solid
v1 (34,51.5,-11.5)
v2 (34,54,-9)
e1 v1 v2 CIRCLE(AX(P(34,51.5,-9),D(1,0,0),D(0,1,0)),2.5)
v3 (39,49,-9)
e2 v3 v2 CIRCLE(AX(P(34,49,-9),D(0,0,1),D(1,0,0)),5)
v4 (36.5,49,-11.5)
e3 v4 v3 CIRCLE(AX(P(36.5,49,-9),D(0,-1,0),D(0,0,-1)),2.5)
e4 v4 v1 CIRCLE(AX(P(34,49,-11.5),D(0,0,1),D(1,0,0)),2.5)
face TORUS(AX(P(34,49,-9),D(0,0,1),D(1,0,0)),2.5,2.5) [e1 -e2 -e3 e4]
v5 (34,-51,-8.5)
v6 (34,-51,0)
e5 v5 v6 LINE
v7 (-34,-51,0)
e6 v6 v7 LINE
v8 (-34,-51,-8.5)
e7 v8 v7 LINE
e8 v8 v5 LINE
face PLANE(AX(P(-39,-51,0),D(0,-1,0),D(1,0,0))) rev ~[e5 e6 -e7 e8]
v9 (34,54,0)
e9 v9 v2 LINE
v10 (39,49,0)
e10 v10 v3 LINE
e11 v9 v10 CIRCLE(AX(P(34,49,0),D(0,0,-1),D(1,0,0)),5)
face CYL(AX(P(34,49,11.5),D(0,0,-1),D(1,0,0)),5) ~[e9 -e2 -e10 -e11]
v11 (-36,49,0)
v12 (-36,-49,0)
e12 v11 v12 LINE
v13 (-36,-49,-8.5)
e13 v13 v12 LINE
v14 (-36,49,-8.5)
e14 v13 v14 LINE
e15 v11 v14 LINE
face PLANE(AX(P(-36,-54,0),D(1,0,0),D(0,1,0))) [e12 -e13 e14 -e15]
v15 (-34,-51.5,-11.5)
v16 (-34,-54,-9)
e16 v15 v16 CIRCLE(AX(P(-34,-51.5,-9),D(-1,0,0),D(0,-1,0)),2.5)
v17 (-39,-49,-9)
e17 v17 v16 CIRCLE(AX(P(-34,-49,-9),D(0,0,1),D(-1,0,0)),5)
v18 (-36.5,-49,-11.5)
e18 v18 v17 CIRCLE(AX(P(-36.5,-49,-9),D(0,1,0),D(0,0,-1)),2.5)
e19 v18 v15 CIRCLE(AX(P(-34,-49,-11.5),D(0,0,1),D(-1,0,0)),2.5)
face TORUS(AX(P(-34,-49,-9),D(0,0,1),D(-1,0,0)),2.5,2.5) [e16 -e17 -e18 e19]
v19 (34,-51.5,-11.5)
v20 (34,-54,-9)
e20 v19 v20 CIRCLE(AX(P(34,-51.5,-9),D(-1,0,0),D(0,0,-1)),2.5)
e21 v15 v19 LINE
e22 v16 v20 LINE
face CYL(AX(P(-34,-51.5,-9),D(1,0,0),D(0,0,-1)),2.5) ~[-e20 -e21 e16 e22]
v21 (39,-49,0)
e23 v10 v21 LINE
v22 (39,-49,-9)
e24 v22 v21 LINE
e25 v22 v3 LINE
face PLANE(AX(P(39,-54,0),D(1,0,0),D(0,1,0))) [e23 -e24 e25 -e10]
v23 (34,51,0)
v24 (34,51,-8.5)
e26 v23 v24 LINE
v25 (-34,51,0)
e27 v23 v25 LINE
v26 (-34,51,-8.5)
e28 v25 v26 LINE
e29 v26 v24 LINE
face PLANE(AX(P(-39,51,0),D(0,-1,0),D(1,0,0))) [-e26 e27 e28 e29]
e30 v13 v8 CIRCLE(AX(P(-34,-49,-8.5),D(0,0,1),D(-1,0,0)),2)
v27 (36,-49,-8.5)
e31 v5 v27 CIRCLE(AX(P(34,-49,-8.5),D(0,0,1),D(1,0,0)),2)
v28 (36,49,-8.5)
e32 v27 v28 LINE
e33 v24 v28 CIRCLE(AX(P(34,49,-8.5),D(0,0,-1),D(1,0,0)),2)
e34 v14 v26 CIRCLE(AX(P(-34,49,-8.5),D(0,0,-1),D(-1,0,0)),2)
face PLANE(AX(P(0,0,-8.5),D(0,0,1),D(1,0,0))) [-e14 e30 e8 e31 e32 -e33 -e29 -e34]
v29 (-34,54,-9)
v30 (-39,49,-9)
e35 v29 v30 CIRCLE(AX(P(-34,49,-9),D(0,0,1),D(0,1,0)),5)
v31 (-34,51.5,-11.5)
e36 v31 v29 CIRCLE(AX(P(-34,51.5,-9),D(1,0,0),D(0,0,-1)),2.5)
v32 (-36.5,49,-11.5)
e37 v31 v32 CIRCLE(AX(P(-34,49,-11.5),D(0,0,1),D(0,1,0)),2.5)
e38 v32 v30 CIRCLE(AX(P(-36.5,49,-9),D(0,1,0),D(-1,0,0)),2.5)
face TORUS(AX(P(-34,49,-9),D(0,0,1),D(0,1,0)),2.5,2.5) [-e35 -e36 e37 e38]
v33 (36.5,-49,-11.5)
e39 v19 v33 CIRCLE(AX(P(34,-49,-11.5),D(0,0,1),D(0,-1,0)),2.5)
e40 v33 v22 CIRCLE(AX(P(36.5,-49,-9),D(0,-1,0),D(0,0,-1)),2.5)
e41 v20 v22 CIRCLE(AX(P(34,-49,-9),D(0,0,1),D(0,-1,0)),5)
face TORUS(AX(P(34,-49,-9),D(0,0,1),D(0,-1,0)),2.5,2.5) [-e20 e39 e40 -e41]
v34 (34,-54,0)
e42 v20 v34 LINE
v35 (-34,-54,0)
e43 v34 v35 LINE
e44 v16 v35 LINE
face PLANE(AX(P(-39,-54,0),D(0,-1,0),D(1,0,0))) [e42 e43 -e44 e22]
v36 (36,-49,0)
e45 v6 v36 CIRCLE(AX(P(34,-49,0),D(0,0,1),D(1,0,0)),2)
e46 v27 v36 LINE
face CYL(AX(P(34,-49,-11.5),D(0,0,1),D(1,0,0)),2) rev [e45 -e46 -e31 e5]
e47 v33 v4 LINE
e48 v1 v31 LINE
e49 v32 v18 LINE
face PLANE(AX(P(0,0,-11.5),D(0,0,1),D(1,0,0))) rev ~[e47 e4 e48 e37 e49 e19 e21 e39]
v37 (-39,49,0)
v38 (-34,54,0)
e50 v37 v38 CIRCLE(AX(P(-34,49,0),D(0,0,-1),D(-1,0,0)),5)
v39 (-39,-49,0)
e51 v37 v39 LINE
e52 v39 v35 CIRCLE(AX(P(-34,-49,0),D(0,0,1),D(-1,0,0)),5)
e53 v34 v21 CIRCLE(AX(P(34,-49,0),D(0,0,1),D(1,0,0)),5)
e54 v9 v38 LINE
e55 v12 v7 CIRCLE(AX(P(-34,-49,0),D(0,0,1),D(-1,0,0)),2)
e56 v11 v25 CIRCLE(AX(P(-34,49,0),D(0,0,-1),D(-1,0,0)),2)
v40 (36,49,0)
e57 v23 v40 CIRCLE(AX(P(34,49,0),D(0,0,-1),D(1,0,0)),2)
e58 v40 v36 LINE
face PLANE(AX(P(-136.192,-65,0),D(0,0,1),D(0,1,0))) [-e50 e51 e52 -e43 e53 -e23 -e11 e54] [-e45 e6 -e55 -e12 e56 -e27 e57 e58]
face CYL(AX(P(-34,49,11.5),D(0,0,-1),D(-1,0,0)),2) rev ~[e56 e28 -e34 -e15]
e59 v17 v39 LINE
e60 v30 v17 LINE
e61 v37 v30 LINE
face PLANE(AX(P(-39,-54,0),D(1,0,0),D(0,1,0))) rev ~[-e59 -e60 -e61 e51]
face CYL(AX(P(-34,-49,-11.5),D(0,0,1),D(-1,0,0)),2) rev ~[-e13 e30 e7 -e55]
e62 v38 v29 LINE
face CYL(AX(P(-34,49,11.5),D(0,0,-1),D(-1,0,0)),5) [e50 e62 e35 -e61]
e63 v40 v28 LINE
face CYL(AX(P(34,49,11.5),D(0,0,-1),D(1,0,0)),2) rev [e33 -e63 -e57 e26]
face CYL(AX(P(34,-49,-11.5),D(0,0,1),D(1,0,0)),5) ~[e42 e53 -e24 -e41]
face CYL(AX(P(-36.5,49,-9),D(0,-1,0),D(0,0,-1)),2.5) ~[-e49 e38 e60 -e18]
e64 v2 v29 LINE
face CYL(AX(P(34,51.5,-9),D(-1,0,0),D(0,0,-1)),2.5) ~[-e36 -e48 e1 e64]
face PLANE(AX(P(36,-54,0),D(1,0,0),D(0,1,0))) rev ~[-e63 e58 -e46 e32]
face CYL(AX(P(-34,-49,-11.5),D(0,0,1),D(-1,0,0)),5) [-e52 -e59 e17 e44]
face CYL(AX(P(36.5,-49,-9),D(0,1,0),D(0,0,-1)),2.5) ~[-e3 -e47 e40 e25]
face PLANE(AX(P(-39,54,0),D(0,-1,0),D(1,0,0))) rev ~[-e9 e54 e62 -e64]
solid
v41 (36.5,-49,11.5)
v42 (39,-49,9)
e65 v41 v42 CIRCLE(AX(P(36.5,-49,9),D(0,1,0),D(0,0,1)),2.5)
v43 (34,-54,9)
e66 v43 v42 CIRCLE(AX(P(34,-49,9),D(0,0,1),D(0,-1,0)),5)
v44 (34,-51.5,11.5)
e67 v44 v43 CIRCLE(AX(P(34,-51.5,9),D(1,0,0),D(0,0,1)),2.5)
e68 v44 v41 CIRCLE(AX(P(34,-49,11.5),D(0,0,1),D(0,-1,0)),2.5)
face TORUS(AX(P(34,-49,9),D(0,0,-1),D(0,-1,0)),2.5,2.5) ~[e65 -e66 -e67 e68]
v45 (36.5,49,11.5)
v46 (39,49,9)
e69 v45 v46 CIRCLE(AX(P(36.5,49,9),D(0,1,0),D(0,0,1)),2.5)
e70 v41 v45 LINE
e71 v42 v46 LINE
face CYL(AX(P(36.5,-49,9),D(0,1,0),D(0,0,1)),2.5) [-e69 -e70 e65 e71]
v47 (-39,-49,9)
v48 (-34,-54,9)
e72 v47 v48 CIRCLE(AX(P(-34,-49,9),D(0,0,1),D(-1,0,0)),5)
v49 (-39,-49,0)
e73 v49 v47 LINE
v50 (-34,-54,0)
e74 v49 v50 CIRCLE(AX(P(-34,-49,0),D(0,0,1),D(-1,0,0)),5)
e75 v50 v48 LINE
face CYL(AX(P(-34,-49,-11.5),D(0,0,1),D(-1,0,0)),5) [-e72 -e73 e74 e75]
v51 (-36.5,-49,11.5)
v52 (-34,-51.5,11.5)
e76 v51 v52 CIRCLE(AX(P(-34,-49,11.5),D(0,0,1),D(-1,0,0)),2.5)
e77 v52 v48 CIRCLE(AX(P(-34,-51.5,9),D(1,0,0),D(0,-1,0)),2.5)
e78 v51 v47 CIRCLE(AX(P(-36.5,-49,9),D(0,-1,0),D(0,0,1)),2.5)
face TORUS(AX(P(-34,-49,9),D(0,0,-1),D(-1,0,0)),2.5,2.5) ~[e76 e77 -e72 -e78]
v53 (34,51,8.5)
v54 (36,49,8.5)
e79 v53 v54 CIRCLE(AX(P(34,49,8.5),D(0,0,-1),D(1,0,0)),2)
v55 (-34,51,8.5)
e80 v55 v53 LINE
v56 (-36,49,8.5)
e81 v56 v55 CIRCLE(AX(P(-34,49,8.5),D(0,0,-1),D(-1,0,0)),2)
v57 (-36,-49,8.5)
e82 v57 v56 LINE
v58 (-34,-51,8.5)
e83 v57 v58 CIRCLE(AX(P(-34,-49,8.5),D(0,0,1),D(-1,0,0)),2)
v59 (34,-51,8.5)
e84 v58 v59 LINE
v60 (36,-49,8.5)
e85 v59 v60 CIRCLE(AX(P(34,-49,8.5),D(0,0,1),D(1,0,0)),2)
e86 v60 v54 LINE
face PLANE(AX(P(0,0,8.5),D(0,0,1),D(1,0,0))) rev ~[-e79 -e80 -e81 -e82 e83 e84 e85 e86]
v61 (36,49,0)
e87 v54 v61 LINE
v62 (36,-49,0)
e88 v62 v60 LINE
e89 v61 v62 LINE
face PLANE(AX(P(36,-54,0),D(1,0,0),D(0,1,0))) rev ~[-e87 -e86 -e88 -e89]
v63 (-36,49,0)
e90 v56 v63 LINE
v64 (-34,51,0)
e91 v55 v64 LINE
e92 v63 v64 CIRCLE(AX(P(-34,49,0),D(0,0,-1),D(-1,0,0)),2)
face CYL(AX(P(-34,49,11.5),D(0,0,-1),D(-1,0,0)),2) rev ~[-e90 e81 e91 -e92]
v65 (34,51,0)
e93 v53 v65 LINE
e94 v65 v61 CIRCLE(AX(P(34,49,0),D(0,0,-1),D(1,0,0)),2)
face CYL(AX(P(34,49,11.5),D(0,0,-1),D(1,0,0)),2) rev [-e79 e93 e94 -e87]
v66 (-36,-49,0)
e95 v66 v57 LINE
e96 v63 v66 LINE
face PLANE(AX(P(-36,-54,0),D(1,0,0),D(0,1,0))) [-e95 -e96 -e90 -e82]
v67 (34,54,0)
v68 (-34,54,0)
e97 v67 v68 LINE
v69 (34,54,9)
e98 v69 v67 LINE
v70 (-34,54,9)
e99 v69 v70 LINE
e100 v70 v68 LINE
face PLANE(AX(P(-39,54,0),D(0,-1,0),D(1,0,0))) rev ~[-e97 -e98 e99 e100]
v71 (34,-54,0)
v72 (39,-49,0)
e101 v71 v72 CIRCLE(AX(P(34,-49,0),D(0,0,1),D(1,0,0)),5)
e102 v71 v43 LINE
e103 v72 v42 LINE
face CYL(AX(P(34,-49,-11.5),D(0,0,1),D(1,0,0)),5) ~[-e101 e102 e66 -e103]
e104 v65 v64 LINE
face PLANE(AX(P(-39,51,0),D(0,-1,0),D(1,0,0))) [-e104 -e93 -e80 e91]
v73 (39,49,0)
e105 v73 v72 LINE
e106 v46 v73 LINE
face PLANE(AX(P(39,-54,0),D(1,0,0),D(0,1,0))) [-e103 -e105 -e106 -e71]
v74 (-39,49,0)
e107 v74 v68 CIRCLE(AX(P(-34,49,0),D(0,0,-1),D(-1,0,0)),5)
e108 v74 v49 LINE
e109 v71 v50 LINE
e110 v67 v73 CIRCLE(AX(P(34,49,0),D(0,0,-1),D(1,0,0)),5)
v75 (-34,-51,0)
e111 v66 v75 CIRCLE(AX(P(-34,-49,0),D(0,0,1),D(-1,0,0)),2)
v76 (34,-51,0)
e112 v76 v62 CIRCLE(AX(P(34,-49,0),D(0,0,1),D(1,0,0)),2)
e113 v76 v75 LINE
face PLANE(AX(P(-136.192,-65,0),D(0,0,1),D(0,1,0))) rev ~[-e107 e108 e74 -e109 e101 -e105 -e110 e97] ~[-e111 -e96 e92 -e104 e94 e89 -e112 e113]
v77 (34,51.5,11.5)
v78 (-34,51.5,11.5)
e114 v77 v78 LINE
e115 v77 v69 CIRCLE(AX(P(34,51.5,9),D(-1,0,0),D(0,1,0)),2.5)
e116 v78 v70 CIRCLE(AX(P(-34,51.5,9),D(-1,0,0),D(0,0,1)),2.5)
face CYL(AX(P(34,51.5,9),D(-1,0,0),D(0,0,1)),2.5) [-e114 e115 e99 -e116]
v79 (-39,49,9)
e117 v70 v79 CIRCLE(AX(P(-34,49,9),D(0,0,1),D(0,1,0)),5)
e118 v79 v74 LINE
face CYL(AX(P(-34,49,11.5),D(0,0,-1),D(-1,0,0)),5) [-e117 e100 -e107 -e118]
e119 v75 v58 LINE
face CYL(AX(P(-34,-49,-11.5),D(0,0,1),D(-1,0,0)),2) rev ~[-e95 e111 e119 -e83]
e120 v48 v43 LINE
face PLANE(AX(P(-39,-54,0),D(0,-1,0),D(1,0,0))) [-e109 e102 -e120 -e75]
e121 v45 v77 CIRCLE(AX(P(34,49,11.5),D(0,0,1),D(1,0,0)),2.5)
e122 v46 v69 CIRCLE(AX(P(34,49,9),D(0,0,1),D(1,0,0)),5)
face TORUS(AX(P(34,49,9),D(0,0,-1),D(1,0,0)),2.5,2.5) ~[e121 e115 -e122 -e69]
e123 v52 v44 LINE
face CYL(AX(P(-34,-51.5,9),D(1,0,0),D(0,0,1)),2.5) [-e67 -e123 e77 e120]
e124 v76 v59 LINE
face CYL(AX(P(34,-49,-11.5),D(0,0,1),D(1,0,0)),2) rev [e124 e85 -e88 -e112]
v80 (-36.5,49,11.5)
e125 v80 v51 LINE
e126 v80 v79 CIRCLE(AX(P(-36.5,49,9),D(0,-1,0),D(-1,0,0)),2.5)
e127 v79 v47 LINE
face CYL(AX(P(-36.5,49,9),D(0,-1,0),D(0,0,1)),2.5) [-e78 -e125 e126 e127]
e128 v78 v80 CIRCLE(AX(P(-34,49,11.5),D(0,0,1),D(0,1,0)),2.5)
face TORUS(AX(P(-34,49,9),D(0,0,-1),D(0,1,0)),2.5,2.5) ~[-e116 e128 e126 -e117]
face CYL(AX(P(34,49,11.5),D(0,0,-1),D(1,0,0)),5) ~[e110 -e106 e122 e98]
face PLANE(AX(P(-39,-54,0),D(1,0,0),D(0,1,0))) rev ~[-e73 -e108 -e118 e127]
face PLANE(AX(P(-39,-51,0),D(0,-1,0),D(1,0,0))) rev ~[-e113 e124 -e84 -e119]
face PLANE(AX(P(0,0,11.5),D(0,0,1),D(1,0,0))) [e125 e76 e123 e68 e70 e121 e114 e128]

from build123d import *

# Parameters (mm, degrees)
SKETCH1_W              = 78
SKETCH1_H              = 108
MAIN_SHAPE_DEPTH       = 11.5
FILLET1_R              = 5
FILLET2_R              = 2.5
SHELL1_T               = 3
SPLIT1_SURFACE_1_BACK  = 136.192
SPLIT1_SURFACE_1_DEPTH = 272.384
SPLIT1_SURFACE_2_BACK  = 136.192
SPLIT1_SURFACE_2_DEPTH = 272.384


with BuildPart() as part:
    # Sketch1 → Main Shape (new, symmetric)
    with BuildSketch(Plane.XY):
        Rectangle(SKETCH1_W, SKETCH1_H)
    extrude(amount=MAIN_SHAPE_DEPTH, both=True)

    # Fillet1
    fillet1_edges = [part.edges().sort_by_distance(p)[0] for p in [
        (39, -54, 0),
        (-39, -54, 0),
        (-39, 54, 0),
        (39, 54, 0),
    ]]
    fillet(fillet1_edges, radius=FILLET1_R)

    # Fillet2
    fillet2_edges = [part.edges().sort_by_distance(p)[0] for p in [
        (39, 0, -11.5),
        (39, 0, 11.5),
        (0, -54, -11.5),
        (-39, 0, -11.5),
        (0, 54, -11.5),
        (37.535533906, 52.535533906, -11.5),
        (-37.535533906, 52.535533906, -11.5),
        (-37.535533906, -52.535533906, -11.5),
        (37.535533906, -52.535533906, -11.5),
        (0, -54, 11.5),
        (0, 54, 11.5),
        (-39, 0, 11.5),
        (37.535533906, 52.535533906, 11.5),
        (-37.535533906, 52.535533906, 11.5),
        (-37.535533906, -52.535533906, 11.5),
        (37.535533906, -52.535533906, 11.5),
    ]]
    fillet(fillet2_edges, radius=FILLET2_R)

    # Shell1 (no face opened: a closed hollow body)
    add(offset(amount=-SHELL1_T, mode=Mode.PRIVATE), mode=Mode.SUBTRACT)


with BuildPart() as body_2:
    # Split1: the piece behind the surface
    add(part.part)
    # Split1 surface: a surface, the sketch's curves swept straight by 272.384 mm
    with BuildLine(Plane(origin=(0, 0, 0), x_dir=(0, 0, -1), z_dir=(1, 0, 0)).offset(-SPLIT1_SURFACE_1_BACK), mode=Mode.PRIVATE) as split1_surface_1_path:
        Line((0, -65), (0, 65))
    split1_surface_1 = Shell.extrude(split1_surface_1_path.wire(), (1 * SPLIT1_SURFACE_1_DEPTH, 0 * SPLIT1_SURFACE_1_DEPTH, 0 * SPLIT1_SURFACE_1_DEPTH))
    split(bisect_by=split1_surface_1, keep=Keep.BOTTOM)


with BuildPart() as part_1:
    add(part.part)

    # Split1: split by a surface, the side it looks to stays
    # Split1 surface: a surface, the sketch's curves swept straight by 272.384 mm
    with BuildLine(Plane(origin=(0, 0, 0), x_dir=(0, 0, -1), z_dir=(1, 0, 0)).offset(-SPLIT1_SURFACE_2_BACK), mode=Mode.PRIVATE) as split1_surface_2_path:
        Line((0, -65), (0, 65))
    split1_surface_2 = Shell.extrude(split1_surface_2_path.wire(), (1 * SPLIT1_SURFACE_2_DEPTH, 0 * SPLIT1_SURFACE_2_DEPTH, 0 * SPLIT1_SURFACE_2_DEPTH))
    split(bisect_by=split1_surface_2, keep=Keep.TOP)


solid = Compound([body_2.part, part_1.part])
